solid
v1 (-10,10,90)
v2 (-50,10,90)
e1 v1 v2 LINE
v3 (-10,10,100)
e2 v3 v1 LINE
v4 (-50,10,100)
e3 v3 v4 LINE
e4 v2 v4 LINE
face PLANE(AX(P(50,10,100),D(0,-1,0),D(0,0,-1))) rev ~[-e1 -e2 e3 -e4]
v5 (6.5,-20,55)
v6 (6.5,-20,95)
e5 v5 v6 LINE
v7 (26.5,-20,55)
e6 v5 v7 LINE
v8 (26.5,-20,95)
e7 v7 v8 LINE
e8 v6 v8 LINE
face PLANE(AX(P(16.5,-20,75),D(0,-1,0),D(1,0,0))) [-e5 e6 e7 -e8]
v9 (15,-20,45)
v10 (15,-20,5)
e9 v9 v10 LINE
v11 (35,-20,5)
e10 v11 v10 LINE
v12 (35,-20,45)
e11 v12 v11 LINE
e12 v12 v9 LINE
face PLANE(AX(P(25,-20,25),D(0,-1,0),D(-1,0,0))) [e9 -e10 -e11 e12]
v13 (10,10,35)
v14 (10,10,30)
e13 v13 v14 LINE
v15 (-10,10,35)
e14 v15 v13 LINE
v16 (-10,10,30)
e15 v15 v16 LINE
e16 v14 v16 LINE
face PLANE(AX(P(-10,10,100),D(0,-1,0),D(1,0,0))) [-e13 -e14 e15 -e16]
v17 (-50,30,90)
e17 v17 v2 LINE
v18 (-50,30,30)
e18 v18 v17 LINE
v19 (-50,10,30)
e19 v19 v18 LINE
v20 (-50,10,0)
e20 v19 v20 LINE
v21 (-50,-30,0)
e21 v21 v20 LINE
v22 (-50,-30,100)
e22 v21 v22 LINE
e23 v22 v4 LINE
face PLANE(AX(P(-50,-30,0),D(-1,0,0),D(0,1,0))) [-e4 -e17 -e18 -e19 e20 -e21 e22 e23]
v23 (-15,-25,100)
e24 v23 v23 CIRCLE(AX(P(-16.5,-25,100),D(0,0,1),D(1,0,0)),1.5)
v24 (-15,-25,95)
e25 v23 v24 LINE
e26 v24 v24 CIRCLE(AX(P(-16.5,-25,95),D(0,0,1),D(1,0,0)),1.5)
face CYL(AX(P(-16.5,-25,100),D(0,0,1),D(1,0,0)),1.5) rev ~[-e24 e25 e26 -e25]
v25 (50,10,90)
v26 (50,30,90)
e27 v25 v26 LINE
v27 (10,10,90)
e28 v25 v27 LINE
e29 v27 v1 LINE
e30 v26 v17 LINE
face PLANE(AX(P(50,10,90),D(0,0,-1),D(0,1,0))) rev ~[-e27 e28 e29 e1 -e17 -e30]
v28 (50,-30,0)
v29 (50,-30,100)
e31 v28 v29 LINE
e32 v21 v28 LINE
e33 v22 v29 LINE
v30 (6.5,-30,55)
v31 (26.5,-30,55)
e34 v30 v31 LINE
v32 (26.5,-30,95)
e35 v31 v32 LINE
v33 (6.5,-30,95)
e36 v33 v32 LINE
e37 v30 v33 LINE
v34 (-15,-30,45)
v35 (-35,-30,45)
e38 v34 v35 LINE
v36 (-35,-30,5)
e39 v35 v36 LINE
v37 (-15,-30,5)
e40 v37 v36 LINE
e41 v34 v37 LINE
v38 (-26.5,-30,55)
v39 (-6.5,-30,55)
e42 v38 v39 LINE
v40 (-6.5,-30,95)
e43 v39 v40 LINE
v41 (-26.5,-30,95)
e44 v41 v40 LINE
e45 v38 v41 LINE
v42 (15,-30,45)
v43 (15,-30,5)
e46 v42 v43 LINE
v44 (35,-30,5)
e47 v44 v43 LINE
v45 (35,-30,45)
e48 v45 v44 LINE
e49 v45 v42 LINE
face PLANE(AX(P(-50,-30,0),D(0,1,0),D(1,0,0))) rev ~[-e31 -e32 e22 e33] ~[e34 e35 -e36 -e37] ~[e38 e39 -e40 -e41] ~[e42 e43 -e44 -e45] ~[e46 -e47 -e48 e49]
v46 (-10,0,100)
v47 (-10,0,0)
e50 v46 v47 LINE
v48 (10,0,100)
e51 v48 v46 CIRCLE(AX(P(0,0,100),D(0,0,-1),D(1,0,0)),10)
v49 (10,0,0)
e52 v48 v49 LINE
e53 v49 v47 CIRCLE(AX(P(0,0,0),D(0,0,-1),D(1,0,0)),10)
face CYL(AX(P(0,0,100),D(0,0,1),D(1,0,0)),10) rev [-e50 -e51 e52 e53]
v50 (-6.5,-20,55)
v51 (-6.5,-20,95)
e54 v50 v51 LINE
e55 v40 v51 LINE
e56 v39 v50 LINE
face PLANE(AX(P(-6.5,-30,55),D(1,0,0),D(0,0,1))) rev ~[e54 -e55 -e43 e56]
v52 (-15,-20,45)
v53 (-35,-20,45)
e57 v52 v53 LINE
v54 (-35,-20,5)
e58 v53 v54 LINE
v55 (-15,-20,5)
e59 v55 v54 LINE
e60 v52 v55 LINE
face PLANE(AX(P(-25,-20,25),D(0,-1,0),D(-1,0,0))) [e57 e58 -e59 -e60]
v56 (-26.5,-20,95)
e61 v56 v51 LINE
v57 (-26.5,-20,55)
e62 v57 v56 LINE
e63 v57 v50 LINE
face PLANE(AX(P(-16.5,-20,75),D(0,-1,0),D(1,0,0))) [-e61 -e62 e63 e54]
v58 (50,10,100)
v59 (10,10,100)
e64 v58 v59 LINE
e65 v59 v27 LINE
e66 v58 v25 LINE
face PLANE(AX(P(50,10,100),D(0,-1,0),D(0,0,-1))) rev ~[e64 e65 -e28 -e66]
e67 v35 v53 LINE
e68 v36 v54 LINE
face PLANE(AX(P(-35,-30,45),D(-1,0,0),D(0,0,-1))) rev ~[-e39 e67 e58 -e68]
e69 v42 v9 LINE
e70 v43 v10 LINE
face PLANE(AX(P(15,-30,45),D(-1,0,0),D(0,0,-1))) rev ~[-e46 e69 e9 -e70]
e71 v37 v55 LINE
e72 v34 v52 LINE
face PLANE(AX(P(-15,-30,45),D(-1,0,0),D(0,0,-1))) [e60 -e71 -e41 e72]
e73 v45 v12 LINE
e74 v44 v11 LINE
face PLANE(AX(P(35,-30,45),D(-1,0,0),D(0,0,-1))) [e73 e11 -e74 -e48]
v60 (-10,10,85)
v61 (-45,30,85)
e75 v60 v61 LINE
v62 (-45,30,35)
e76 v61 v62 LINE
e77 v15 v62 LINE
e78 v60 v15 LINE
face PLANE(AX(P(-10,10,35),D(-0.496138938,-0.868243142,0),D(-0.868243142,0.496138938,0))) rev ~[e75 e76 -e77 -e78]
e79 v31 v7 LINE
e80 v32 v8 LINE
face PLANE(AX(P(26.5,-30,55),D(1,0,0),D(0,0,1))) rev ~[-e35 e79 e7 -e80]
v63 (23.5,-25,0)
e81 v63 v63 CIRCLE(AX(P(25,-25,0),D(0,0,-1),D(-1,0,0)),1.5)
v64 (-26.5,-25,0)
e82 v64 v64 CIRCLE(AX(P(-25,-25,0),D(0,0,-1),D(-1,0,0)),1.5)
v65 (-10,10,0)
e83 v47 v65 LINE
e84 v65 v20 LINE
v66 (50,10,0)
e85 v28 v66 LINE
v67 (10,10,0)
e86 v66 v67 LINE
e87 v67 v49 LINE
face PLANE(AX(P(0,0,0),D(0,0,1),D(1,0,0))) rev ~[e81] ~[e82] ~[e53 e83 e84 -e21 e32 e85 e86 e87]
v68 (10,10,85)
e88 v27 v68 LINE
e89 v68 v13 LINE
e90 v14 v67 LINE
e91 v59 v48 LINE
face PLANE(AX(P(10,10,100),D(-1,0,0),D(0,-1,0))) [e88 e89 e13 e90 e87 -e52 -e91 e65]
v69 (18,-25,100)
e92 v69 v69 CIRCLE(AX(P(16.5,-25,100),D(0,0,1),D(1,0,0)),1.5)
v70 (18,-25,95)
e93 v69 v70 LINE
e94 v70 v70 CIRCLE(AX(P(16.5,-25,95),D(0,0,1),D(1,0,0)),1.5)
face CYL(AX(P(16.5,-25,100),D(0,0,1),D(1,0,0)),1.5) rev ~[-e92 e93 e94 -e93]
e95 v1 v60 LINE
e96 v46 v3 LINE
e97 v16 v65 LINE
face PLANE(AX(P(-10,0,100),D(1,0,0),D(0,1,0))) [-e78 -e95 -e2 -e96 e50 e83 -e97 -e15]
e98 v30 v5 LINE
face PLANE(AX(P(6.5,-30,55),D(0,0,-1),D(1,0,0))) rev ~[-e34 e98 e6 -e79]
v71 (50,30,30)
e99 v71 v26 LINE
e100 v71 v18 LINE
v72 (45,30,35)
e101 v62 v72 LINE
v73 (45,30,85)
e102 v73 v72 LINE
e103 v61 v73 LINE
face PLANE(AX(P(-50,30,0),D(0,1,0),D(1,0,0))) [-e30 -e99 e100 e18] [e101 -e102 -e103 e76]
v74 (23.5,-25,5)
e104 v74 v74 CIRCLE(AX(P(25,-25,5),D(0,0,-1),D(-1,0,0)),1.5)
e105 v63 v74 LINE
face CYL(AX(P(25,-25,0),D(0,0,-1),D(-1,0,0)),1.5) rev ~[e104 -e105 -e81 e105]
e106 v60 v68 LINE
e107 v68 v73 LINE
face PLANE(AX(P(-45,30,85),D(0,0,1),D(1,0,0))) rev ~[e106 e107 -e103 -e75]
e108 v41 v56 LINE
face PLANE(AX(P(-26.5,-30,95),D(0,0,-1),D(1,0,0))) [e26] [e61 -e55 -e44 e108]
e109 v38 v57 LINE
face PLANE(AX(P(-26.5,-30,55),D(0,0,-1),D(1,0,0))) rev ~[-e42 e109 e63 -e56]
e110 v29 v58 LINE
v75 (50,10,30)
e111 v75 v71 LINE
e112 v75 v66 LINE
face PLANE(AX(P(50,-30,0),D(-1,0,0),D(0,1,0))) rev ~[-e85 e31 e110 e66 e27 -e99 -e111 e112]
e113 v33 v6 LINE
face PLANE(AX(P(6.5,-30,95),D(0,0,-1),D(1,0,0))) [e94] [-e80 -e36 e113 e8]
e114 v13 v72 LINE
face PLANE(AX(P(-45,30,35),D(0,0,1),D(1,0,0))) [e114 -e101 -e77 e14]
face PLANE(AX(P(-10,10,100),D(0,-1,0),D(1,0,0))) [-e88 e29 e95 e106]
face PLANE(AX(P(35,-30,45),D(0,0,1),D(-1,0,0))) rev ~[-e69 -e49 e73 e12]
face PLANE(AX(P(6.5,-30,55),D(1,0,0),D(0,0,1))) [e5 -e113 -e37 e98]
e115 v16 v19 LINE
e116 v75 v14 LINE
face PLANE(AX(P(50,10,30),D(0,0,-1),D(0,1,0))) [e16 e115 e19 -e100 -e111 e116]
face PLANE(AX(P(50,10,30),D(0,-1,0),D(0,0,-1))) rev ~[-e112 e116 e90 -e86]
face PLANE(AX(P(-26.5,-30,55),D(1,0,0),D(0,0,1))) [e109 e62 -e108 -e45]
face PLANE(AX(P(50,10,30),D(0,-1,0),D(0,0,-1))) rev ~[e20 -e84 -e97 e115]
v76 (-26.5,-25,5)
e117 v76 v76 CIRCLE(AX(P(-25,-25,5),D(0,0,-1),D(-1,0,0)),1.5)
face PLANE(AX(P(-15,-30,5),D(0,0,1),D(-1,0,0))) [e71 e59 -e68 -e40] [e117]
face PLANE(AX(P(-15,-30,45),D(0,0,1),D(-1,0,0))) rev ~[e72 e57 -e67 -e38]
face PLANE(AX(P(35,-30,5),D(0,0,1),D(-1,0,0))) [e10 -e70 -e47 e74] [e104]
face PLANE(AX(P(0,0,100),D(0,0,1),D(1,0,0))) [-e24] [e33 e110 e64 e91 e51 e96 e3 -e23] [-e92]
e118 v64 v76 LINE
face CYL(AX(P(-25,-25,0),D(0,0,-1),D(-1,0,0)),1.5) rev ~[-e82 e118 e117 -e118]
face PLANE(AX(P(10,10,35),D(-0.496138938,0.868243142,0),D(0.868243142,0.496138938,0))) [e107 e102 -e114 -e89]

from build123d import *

# Parameters (mm, degrees)
SKETCH4_W           = 100
SKETCH4_H           = 60
BOSS_EXTRUDE2_DEPTH = 100
CUT_EXTRUDE1_DEPTH  = 100
SKETCH7_W           = 30
SKETCH7_H           = 20
CUT_EXTRUDE2_DEPTH  = 100
SKETCH10_W          = 90
SKETCH10_H          = 50
CUT_EXTRUDE6_DEPTH  = 20
BOSS_EXTRUDE3_REACH = 89.321
BOSS_EXTRUDE4_REACH = 89.321
SKETCH13_R          = 1.5
CUT_EXTRUDE7_DEPTH  = 40
SKETCH14_W          = 20
SKETCH14_H          = 40
CUT_EXTRUDE8_DEPTH  = 10
SKETCH15_R          = 1.5
CUT_EXTRUDE9_DEPTH  = 40
SKETCH16_W          = 20
SKETCH16_H          = 40
CUT_EXTRUDE10_DEPTH = 10
SKETCH17_W          = 10
SKETCH17_H          = 20
CUT_EXTRUDE11_DEPTH = 145.568322948


with BuildPart() as part:
    # Sketch4 → Boss-Extrude2 (new body)
    with BuildSketch(Plane.XY):
        Rectangle(SKETCH4_W, SKETCH4_H)
    extrude(amount=BOSS_EXTRUDE2_DEPTH)

    # Sketch6 → Cut-Extrude1 (cut)
    with BuildSketch(Plane.XY.offset(100)):
        with BuildLine():
            Line((-10, 10), (10, 10))
            Line((10, 10), (10, 0))
            ThreePointArc((10, 0), (0, -10), (-10, 0))
            Line((-10, 0), (-10, 10))
        make_face()
    extrude(amount=-CUT_EXTRUDE1_DEPTH, mode=Mode.SUBTRACT)

    # Sketch7 → Cut-Extrude2 (cut)
    with BuildSketch(Plane(origin=(50, 0, 0), x_dir=(0, 0, -1), z_dir=(1, 0, 0))):
        with Locations((-15, 20)):
            Rectangle(SKETCH7_W, SKETCH7_H)
    extrude(amount=-CUT_EXTRUDE2_DEPTH, mode=Mode.SUBTRACT)

    # Sketch10 → Cut-Extrude6 (cut)
    with BuildSketch(Plane(origin=(0, 30, 0), x_dir=(1, 0, 0), z_dir=(0, 1, 0))):
        with Locations((0, -60)):
            Rectangle(SKETCH10_W, SKETCH10_H)
    extrude(amount=-CUT_EXTRUDE6_DEPTH, mode=Mode.SUBTRACT)

    # Sketch11 → Boss-Extrude3 (add, up to next)
    with BuildSketch(Plane.XY.offset(35), mode=Mode.PRIVATE) as boss_extrude3_sk1:
        Polygon((-45, 30), (-45, 10), (-10, 10), align=None)
    boss_extrude3_tool1 = extrude(boss_extrude3_sk1.sketch, amount=BOSS_EXTRUDE3_REACH, mode=Mode.PRIVATE) - part.part
    add(boss_extrude3_tool1.solids().sort_by_distance((-33.333333, 16.666667, 35))[0])

    # Sketch12 → Boss-Extrude4 (add, up to next)
    with BuildSketch(Plane.XY.offset(35), mode=Mode.PRIVATE) as boss_extrude4_sk1:
        Polygon((10, 10), (45, 30), (45, 10), align=None)
    boss_extrude4_tool1 = extrude(boss_extrude4_sk1.sketch, amount=BOSS_EXTRUDE4_REACH, mode=Mode.PRIVATE) - part.part
    add(boss_extrude4_tool1.solids().sort_by_distance((33.333333, 16.666667, 35))[0])

    # Sketch13 → Cut-Extrude7 (cut)
    with BuildSketch(Plane.XY.offset(100)):
        with Locations((-16.5, -25)):
            Circle(SKETCH13_R)
        with Locations((16.5, -25)):
            Circle(SKETCH13_R)
    extrude(amount=-CUT_EXTRUDE7_DEPTH, mode=Mode.SUBTRACT)

    # Sketch14 → Cut-Extrude8 (cut)
    with BuildSketch(Plane.XZ.offset(30)):
        with Locations((-16.5, 75)):
            Rectangle(SKETCH14_W, SKETCH14_H)
        with Locations((16.5, 75)):
            Rectangle(SKETCH14_W, SKETCH14_H)
    extrude(amount=-CUT_EXTRUDE8_DEPTH, mode=Mode.SUBTRACT)

    # Sketch15 → Cut-Extrude9 (cut)
    with BuildSketch(Plane(origin=(0, 0, 0), x_dir=(-1, 0, 0), z_dir=(0, 0, -1))):
        with Locations((-25, -25)):
            Circle(SKETCH15_R)
        with Locations((25, -25)):
            Circle(SKETCH15_R)
    extrude(amount=-CUT_EXTRUDE9_DEPTH, mode=Mode.SUBTRACT)

    # Sketch16 → Cut-Extrude10 (cut)
    with BuildSketch(Plane(origin=(0, -30, 0), x_dir=(-1, 0, 0), z_dir=(0, -1, 0))):
        with Locations((-25, -25)):
            Rectangle(SKETCH16_W, SKETCH16_H)
        with Locations((25, -25)):
            Rectangle(SKETCH16_W, SKETCH16_H)
    extrude(amount=-CUT_EXTRUDE10_DEPTH, mode=Mode.SUBTRACT)

    # Sketch17 → Cut-Extrude11 (cut, through all)
    with BuildSketch(Plane(origin=(50, 0, 0), x_dir=(0, 0, -1), z_dir=(1, 0, 0))):
        with Locations((-95, 20)):
            Rectangle(SKETCH17_W, SKETCH17_H)
    extrude(amount=-CUT_EXTRUDE11_DEPTH, mode=Mode.SUBTRACT)


solid = part.part
